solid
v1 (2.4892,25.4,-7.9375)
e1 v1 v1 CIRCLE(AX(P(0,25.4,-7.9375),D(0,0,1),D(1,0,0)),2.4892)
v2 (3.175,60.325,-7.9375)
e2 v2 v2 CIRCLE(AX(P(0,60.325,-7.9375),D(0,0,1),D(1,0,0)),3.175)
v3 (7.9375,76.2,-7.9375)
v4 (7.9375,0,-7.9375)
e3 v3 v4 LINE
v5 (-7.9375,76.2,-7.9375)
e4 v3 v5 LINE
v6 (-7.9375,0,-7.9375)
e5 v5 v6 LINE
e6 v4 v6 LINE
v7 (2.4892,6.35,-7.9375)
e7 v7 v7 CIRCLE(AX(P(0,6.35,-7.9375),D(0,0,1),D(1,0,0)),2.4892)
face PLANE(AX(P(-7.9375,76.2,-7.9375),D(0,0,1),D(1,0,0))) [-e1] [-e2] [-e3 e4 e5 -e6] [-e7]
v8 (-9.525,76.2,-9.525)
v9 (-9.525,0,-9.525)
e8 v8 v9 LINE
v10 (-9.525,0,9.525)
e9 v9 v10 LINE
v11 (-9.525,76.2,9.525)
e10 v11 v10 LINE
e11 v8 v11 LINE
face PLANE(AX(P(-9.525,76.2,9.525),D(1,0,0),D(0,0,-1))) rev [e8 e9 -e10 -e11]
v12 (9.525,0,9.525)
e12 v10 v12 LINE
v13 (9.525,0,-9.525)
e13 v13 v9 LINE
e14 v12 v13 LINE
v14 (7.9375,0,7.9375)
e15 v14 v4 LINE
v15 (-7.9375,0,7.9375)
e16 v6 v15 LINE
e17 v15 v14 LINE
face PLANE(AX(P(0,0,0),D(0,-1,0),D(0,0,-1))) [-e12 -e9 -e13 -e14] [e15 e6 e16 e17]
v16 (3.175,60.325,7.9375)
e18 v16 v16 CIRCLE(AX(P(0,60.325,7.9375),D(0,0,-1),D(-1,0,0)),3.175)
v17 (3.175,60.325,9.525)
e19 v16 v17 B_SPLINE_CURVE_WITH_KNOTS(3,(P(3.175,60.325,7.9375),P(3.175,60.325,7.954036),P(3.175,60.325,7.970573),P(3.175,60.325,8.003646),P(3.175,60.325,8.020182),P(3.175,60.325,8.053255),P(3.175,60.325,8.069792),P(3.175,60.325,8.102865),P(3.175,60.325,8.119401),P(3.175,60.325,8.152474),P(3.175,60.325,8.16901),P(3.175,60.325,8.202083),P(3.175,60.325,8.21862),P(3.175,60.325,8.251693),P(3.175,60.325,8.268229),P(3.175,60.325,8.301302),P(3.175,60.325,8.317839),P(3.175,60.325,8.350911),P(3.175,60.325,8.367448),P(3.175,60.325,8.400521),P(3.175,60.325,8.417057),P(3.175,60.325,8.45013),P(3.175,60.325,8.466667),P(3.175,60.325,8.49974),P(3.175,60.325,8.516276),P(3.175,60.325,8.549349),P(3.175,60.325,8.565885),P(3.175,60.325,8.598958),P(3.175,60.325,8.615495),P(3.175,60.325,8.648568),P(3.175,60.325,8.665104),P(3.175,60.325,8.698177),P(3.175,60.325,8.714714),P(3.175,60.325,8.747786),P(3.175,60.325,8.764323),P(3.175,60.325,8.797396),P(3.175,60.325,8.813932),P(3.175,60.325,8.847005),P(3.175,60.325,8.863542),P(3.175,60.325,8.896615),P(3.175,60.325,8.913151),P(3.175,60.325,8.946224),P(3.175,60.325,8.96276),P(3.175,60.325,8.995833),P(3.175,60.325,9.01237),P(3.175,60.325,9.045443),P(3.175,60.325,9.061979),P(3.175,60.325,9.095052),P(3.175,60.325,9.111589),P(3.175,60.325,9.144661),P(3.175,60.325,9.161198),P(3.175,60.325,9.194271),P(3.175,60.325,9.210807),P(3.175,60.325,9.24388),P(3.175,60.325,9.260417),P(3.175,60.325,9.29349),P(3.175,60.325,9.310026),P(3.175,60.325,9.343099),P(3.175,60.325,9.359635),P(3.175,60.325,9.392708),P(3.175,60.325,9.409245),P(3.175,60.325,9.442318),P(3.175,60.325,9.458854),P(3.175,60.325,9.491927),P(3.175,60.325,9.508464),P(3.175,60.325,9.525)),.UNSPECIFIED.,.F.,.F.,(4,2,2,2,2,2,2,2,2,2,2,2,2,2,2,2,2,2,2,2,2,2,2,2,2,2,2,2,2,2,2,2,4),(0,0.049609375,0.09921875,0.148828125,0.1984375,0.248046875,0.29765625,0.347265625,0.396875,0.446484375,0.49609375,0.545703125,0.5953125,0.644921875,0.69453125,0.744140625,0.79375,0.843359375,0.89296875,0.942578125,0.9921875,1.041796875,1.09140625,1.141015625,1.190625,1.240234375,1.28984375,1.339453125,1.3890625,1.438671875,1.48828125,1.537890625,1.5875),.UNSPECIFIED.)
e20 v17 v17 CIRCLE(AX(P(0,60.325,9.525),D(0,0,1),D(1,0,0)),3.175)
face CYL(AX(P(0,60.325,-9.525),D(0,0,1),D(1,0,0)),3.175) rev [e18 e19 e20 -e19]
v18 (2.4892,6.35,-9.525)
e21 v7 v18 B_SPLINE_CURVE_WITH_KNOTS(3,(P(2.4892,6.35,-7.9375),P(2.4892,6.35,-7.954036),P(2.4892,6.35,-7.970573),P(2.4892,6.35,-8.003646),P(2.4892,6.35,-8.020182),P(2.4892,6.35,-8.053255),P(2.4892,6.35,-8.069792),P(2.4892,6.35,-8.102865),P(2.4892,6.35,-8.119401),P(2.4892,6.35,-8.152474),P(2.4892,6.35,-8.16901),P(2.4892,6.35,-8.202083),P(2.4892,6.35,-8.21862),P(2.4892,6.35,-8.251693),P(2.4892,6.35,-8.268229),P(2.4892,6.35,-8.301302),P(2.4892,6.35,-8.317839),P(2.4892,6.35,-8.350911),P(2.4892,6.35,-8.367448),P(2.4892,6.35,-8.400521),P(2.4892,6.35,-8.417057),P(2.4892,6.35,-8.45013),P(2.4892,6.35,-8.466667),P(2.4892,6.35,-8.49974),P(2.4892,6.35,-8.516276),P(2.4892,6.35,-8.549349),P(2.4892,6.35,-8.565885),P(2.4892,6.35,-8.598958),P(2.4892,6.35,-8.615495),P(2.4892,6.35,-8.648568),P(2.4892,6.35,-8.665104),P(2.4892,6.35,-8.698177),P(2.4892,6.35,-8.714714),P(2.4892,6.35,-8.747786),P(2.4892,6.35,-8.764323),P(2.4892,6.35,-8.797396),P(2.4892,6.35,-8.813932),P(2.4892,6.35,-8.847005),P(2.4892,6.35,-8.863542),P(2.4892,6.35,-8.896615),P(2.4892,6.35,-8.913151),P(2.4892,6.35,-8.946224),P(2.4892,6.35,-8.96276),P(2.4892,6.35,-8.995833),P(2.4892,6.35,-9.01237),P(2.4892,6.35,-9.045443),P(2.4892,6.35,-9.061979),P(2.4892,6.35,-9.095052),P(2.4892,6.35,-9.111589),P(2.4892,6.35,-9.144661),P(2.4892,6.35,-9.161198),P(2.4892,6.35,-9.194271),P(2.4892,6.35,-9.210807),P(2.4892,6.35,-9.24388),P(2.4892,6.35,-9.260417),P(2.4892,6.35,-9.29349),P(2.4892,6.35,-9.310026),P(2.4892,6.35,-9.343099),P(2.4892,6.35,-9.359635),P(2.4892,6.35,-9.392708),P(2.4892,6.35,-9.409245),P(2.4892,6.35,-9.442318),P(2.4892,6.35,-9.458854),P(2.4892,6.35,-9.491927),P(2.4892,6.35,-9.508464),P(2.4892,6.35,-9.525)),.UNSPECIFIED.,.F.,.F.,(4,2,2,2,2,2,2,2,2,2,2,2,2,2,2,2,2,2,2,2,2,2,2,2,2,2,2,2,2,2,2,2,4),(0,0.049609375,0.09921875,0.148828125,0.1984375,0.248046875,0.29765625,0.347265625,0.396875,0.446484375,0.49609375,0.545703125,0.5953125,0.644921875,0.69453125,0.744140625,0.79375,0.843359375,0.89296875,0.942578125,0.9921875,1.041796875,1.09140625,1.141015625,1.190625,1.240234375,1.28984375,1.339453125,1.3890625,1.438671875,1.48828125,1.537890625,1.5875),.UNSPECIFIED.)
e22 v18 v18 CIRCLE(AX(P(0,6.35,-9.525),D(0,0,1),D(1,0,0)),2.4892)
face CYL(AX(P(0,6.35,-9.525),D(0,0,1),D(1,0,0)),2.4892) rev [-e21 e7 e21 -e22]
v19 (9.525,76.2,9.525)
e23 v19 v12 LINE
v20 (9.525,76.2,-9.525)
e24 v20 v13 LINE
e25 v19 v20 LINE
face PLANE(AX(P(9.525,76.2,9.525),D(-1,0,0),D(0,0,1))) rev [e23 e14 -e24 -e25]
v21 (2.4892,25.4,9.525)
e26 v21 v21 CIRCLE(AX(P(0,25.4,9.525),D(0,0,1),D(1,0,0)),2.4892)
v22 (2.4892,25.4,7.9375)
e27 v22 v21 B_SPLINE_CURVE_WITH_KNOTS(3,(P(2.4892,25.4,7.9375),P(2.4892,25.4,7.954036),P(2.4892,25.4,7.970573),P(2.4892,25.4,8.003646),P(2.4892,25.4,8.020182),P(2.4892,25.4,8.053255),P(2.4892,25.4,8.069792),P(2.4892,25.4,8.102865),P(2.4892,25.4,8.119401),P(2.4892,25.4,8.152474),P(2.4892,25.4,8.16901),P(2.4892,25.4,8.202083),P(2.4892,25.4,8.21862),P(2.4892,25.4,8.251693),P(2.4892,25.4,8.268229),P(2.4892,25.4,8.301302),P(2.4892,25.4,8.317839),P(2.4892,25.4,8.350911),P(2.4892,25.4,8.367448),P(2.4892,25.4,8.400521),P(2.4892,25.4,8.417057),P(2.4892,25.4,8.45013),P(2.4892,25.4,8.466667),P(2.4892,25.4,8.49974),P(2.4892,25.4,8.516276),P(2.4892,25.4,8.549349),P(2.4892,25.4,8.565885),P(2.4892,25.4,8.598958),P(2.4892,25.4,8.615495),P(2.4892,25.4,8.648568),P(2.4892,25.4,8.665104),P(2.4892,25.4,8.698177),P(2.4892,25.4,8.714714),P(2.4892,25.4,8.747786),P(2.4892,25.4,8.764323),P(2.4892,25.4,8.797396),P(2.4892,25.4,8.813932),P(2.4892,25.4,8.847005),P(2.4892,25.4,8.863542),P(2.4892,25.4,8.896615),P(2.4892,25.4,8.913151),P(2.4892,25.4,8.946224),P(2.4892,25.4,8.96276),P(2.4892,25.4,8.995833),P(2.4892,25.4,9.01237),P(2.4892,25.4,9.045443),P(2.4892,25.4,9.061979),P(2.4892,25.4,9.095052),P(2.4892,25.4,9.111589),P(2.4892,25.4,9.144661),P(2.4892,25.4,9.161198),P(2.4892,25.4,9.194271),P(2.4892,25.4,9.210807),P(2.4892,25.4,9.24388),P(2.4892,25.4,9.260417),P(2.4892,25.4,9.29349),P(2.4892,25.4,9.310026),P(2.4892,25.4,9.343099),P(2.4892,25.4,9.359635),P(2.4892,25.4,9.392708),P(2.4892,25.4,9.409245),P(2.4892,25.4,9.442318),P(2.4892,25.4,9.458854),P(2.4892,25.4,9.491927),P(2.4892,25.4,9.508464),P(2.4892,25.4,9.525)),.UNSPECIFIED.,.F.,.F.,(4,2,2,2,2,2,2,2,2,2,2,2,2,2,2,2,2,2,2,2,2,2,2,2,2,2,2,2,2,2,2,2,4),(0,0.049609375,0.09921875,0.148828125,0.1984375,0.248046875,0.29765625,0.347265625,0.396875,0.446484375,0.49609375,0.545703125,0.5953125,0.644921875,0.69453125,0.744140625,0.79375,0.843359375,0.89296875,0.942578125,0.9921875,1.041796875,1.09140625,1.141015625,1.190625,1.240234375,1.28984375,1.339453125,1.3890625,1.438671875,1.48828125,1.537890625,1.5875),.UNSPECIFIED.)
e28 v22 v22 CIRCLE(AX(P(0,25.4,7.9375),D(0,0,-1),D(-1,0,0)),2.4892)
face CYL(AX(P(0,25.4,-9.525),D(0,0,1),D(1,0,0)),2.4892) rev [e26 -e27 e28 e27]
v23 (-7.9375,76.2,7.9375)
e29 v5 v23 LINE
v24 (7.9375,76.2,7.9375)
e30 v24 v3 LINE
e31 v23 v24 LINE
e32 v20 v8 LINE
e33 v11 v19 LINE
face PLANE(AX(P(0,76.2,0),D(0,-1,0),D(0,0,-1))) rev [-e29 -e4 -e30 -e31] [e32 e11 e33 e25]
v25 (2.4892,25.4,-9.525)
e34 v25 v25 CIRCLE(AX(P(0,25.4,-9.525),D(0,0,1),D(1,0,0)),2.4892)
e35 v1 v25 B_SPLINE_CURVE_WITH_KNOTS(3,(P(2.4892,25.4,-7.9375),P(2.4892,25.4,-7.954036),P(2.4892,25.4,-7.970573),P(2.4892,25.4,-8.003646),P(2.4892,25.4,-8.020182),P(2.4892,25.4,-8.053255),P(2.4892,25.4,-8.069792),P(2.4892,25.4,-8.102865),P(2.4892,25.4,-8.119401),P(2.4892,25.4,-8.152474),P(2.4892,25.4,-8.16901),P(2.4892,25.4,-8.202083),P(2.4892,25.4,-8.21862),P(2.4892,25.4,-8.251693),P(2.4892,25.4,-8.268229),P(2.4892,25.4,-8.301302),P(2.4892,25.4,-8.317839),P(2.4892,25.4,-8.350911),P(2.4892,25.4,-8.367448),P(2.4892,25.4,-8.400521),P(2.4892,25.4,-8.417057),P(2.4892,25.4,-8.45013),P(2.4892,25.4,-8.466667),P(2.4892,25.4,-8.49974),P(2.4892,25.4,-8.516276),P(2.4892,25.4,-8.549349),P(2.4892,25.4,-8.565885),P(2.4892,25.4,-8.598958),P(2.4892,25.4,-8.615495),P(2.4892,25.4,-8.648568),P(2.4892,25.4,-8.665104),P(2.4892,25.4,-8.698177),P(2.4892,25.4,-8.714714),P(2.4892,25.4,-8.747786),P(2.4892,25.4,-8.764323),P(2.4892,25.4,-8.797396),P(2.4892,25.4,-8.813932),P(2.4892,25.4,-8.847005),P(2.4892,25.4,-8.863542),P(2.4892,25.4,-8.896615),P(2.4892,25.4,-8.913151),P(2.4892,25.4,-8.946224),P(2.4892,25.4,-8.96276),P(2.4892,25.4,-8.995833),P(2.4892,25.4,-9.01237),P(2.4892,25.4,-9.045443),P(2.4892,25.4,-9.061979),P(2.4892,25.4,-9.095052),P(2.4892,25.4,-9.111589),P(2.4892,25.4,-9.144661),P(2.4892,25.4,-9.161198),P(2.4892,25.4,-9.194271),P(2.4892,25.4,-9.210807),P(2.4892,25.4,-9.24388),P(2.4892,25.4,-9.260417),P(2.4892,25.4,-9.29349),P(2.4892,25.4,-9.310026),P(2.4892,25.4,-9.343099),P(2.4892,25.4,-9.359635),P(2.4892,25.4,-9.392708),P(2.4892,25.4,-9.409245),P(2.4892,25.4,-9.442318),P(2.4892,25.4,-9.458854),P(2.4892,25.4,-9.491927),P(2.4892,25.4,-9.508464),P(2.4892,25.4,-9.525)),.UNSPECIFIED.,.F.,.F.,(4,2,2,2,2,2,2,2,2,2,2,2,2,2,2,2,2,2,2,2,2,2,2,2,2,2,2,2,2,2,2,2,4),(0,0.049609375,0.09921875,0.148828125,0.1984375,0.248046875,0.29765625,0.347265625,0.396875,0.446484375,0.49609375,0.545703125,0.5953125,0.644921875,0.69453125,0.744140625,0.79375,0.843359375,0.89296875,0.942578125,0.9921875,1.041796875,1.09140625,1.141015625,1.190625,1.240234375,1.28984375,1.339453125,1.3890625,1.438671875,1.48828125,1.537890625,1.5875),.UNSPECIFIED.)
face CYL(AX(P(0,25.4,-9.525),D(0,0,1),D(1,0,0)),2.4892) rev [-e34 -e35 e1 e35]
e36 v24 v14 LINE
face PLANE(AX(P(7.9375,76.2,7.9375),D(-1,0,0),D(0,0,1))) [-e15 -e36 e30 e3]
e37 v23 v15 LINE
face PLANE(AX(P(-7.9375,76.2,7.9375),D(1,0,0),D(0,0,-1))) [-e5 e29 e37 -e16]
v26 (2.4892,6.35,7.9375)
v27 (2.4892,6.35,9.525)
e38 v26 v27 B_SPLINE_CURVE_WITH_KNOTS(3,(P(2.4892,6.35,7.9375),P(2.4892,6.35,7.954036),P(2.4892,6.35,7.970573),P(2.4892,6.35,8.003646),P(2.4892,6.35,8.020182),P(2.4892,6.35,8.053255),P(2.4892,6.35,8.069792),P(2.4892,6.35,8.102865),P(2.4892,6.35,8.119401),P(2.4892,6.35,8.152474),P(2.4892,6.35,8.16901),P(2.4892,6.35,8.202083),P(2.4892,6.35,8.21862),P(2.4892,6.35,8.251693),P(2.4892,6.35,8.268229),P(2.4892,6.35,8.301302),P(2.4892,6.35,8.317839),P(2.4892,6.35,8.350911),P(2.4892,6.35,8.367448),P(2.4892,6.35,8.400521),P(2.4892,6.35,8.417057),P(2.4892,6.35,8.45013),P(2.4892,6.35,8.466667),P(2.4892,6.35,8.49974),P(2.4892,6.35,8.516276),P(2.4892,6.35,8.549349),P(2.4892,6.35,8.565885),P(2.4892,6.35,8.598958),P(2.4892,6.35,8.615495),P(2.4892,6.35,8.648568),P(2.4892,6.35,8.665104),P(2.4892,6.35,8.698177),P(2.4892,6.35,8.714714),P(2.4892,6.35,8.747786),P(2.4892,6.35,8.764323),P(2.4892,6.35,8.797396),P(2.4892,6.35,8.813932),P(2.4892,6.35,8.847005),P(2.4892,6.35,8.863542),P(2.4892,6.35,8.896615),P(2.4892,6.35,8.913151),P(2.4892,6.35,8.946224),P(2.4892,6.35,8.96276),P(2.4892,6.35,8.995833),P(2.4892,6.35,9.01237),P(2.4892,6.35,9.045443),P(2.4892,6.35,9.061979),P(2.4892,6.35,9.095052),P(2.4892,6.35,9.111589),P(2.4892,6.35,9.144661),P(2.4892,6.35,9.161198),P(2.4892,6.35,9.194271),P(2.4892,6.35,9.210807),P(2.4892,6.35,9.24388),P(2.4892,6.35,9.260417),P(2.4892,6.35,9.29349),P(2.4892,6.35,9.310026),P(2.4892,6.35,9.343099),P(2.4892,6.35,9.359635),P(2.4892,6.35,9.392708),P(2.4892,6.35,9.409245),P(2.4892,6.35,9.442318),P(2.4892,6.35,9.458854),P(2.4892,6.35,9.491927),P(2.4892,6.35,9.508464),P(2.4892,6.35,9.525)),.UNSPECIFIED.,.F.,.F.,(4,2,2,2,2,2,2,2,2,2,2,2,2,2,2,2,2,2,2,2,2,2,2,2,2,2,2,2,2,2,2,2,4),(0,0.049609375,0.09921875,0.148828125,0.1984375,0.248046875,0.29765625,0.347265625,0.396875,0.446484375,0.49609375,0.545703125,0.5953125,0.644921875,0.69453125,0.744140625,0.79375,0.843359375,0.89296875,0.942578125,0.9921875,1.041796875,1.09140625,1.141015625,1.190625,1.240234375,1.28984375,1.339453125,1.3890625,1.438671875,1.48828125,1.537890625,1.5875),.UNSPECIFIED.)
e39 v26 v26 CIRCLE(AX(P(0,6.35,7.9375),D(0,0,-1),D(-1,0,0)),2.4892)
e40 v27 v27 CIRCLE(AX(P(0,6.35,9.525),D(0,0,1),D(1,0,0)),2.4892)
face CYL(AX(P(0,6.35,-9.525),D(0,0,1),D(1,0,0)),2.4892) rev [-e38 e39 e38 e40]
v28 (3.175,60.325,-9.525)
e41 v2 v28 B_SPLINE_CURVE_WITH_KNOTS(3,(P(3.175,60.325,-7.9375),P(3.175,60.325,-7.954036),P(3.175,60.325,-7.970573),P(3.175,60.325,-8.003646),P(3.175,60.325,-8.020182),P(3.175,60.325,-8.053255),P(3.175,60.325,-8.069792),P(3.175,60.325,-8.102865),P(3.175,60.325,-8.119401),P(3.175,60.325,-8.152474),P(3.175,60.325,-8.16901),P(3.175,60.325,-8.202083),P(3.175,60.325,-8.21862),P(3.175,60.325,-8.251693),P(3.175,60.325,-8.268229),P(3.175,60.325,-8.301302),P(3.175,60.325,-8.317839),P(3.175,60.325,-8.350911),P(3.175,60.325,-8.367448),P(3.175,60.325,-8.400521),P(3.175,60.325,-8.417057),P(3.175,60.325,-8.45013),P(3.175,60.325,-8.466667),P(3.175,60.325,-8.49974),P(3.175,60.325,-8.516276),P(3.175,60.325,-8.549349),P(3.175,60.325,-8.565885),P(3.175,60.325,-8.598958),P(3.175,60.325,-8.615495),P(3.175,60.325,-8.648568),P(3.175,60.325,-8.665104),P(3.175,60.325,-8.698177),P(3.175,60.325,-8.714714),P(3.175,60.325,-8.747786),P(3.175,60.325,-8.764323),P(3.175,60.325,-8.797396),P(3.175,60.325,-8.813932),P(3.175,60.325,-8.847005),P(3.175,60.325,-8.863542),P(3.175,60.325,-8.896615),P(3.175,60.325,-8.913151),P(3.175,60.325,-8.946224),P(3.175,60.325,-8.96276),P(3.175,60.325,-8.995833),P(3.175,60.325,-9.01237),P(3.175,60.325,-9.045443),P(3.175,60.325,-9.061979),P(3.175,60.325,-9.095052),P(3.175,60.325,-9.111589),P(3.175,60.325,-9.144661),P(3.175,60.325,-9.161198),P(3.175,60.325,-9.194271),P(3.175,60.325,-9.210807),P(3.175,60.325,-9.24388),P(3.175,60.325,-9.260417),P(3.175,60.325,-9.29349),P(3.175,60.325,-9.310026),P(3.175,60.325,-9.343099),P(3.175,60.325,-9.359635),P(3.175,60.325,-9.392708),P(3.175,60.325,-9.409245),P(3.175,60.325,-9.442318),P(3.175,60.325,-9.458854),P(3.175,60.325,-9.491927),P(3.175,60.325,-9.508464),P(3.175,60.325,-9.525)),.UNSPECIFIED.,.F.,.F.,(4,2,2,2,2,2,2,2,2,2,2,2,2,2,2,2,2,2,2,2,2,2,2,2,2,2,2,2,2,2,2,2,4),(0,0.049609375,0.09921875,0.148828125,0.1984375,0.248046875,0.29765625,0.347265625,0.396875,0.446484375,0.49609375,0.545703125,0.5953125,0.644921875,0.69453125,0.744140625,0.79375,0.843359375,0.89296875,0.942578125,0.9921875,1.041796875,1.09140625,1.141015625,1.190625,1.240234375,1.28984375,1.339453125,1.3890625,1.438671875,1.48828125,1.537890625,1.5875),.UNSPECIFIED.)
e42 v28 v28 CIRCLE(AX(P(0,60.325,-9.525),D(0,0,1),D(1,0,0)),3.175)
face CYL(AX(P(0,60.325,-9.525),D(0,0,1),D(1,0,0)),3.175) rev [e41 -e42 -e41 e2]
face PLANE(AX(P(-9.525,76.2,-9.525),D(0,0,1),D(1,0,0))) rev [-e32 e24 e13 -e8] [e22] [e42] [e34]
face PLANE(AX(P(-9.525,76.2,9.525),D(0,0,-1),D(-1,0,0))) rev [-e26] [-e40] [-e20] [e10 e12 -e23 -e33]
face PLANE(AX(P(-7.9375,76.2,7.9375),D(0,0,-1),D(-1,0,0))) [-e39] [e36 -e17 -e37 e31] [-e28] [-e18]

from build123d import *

# Parameters (mm, degrees)
SKETCH1_W           = 19.05
SKETCH1_H           = 19.05
SKETCH1_W_2         = 15.875
SKETCH1_H_2         = 15.875
BOSS_EXTRUDE1_DEPTH = 76.2
SKETCH2_R           = 2.4892
SKETCH2_R_2         = 3.175
CUT_EXTRUDE1_DEPTH  = 80.120592294


with BuildPart() as part:
    # Sketch1 → Boss-Extrude1 (new body)
    with BuildSketch(Plane(origin=(0, 0, 0), x_dir=(1, 0, 0), z_dir=(0, 1, 0))):
        Rectangle(SKETCH1_W, SKETCH1_H)
        Rectangle(SKETCH1_W_2, SKETCH1_H_2, mode=Mode.SUBTRACT)
    extrude(amount=BOSS_EXTRUDE1_DEPTH)

    # Sketch2 → Cut-Extrude1 (cut, through all)
    with BuildSketch(Plane.XY.offset(9.525)):
        with Locations((0, 6.35)):
            Circle(SKETCH2_R)
        with Locations((0, 25.4)):
            Circle(SKETCH2_R)
        with Locations((0, 60.325)):
            Circle(SKETCH2_R_2)
    extrude(amount=-CUT_EXTRUDE1_DEPTH, mode=Mode.SUBTRACT)


solid = part.part
